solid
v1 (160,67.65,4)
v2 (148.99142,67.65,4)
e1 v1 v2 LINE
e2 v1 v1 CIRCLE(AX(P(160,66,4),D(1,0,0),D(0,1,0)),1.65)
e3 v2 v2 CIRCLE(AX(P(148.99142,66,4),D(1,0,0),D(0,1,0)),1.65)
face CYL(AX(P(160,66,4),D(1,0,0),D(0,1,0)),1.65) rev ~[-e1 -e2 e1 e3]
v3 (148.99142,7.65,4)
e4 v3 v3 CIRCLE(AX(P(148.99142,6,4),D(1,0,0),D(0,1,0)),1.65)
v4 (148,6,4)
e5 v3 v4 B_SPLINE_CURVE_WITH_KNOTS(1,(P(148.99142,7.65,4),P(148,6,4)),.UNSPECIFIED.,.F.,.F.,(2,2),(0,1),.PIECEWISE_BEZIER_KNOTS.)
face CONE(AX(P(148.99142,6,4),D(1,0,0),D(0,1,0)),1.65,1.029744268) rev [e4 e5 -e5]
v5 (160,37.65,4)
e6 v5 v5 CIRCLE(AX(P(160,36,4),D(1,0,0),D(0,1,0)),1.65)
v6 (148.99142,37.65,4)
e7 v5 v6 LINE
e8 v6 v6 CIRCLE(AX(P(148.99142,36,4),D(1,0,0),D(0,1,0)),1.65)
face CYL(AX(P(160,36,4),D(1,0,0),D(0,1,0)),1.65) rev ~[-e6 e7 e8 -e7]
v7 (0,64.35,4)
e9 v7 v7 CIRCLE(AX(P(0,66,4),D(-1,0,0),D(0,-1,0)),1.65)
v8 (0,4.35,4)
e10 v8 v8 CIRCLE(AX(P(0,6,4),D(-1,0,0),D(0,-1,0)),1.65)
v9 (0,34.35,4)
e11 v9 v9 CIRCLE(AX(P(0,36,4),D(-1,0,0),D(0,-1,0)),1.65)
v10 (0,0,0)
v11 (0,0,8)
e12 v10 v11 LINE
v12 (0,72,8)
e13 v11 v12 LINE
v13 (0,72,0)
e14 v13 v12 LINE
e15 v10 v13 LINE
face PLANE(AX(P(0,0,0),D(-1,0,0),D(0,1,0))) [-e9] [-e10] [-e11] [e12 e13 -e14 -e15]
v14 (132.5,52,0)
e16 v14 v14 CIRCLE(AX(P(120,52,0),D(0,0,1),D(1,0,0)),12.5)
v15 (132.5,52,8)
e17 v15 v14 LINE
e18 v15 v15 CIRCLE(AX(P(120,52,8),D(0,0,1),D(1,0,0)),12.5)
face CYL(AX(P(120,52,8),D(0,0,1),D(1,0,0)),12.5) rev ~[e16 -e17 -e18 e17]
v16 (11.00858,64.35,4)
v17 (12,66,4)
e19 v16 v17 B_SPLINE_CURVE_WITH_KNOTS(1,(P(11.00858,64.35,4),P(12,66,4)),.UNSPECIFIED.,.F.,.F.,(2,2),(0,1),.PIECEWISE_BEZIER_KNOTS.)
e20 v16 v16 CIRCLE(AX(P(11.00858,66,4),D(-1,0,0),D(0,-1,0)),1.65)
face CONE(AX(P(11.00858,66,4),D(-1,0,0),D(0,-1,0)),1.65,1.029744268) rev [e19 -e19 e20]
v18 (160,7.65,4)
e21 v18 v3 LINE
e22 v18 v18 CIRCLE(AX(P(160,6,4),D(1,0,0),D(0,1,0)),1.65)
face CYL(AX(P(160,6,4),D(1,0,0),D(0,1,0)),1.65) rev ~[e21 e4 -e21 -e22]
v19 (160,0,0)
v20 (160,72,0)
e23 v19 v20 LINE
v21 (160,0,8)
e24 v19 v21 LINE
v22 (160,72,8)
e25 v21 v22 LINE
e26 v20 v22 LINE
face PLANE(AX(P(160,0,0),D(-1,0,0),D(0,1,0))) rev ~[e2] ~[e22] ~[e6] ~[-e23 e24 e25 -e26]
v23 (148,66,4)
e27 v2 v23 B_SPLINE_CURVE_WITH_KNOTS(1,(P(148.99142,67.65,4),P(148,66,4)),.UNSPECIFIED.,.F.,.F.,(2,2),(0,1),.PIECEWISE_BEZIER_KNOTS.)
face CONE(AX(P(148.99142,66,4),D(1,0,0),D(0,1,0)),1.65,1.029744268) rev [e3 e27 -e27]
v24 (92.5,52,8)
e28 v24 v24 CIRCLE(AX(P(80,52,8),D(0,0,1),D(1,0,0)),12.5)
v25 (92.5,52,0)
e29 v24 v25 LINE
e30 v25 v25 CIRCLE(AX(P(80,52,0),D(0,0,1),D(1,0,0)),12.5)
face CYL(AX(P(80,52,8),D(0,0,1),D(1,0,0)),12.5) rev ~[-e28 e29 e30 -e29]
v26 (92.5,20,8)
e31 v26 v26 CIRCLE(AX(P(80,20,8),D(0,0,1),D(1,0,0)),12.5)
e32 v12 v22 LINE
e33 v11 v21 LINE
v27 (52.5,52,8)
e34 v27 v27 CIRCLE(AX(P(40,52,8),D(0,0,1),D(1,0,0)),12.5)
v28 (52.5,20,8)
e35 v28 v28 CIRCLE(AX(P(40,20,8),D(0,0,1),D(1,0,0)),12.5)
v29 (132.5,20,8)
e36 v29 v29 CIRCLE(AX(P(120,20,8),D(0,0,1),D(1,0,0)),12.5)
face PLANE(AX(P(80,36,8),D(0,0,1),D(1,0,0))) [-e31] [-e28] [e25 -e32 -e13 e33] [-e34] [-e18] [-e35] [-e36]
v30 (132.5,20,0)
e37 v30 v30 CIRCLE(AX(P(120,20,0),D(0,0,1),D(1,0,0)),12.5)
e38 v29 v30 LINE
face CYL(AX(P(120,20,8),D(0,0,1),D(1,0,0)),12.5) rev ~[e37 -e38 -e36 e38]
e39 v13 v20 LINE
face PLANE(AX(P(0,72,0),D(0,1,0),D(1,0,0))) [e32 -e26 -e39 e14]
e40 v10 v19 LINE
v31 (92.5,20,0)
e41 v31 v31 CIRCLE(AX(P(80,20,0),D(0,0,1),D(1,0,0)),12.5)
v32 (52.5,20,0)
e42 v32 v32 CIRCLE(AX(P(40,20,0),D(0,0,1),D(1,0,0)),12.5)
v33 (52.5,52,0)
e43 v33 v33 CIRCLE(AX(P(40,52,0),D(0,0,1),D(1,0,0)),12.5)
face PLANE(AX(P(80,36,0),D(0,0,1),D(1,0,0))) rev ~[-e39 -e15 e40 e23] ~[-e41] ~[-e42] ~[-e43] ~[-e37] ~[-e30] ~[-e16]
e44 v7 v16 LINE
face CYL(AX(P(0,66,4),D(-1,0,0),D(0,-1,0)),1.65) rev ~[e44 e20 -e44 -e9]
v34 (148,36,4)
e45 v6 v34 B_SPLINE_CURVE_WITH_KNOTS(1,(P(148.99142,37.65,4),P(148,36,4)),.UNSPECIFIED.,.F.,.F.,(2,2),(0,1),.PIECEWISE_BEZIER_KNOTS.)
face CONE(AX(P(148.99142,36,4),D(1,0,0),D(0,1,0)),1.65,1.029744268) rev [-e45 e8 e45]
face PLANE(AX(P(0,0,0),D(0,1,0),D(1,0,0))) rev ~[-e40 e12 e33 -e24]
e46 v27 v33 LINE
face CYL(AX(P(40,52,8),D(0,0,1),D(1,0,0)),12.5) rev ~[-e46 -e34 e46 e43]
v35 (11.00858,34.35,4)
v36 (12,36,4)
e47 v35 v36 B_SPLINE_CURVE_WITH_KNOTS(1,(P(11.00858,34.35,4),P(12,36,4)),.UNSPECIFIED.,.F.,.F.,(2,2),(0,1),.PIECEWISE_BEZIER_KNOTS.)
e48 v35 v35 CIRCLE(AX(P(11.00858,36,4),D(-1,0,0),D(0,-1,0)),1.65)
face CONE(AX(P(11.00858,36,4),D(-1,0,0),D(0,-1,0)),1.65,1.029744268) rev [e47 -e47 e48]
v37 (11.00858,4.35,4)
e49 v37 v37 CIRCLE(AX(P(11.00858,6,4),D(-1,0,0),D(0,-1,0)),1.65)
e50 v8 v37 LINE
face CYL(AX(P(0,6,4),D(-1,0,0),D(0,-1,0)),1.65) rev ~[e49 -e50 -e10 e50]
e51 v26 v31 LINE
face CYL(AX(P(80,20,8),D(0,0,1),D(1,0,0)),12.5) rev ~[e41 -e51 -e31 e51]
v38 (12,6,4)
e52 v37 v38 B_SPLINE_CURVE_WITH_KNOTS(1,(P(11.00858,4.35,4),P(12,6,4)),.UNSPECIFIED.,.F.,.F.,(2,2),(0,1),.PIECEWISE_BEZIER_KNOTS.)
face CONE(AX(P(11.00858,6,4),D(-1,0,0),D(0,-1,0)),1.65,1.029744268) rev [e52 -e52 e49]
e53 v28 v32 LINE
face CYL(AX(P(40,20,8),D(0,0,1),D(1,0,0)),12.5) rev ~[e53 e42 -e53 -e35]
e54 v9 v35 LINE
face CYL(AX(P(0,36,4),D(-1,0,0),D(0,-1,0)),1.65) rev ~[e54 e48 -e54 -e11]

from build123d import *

# Parameters (mm, degrees)
BOX_W          = 160
BOX_H          = 72
BOX_DEPTH      = 8
SKETCH_R       = 1.65
HOLE_DEPTH     = 11.00858
HOLE_TIPS_R    = 1.65
SKETCH001_R    = 1.65
HOLE001_DEPTH  = 11.00858
HOLE001_TIPS_R = 1.65
SKETCH002_R    = 12.5
HOLE002_DEPTH  = 8.001


with BuildPart() as part:
    # Box → Box (new body)
    with BuildSketch(Plane.XY):
        with Locations((80, 36)):
            Rectangle(BOX_W, BOX_H)
    extrude(amount=BOX_DEPTH)

    # Sketch (on Face1 of BaseFeature) → Hole (cut)
    with BuildSketch(Plane(origin=(0, 0, 0), x_dir=(0, -1, 0), z_dir=(-1, 0, 0))):
        with Locations((-66, 4)):
            Circle(SKETCH_R)
        with Locations((-36, 4)):
            Circle(SKETCH_R)
        with Locations((-6, 4)):
            Circle(SKETCH_R)
    extrude(amount=-HOLE_DEPTH, mode=Mode.SUBTRACT)

    # Hole tips → Hole tip 1 section 0
    with BuildSketch(Plane(origin=(11.00858, 0, 0), x_dir=(0, -1, 0), z_dir=(-1, 0, 0)), mode=Mode.PRIVATE) as hole_tip_1_s0:
        with Locations((-66, 4)):
            Circle(HOLE_TIPS_R)
    loft([hole_tip_1_s0.sketch, Vertex(12, 66, 4)], mode=Mode.SUBTRACT)

    # Hole tips → Hole tip 2 section 0
    with BuildSketch(Plane(origin=(11.00858, 0, 0), x_dir=(0, -1, 0), z_dir=(-1, 0, 0)), mode=Mode.PRIVATE) as hole_tip_2_s0:
        with Locations((-36, 4)):
            Circle(HOLE_TIPS_R)
    loft([hole_tip_2_s0.sketch, Vertex(12, 36, 4)], mode=Mode.SUBTRACT)

    # Hole tips → Hole tip 3 section 0
    with BuildSketch(Plane(origin=(11.00858, 0, 0), x_dir=(0, -1, 0), z_dir=(-1, 0, 0)), mode=Mode.PRIVATE) as hole_tip_3_s0:
        with Locations((-6, 4)):
            Circle(HOLE_TIPS_R)
    loft([hole_tip_3_s0.sketch, Vertex(12, 6, 4)], mode=Mode.SUBTRACT)

    # Sketch001 (on Face9 of Hole) → Hole001 (cut)
    with BuildSketch(Plane.YZ.offset(160)):
        with Locations((6, 4)):
            Circle(SKETCH001_R)
        with Locations((36, 4)):
            Circle(SKETCH001_R)
        with Locations((66, 4)):
            Circle(SKETCH001_R)
    extrude(amount=-HOLE001_DEPTH, mode=Mode.SUBTRACT)

    # Hole001 tips → Hole001 tip 1 section 0
    with BuildSketch(Plane.YZ.offset(148.99142), mode=Mode.PRIVATE) as hole001_tip_1_s0:
        with Locations((6, 4)):
            Circle(HOLE001_TIPS_R)
    loft([hole001_tip_1_s0.sketch, Vertex(148, 6, 4)], mode=Mode.SUBTRACT)

    # Hole001 tips → Hole001 tip 2 section 0
    with BuildSketch(Plane.YZ.offset(148.99142), mode=Mode.PRIVATE) as hole001_tip_2_s0:
        with Locations((36, 4)):
            Circle(HOLE001_TIPS_R)
    loft([hole001_tip_2_s0.sketch, Vertex(148, 36, 4)], mode=Mode.SUBTRACT)

    # Hole001 tips → Hole001 tip 3 section 0
    with BuildSketch(Plane.YZ.offset(148.99142), mode=Mode.PRIVATE) as hole001_tip_3_s0:
        with Locations((66, 4)):
            Circle(HOLE001_TIPS_R)
    loft([hole001_tip_3_s0.sketch, Vertex(148, 66, 4)], mode=Mode.SUBTRACT)

    # Sketch002 (on Face3 of Hole001) → Hole002 (cut, through all)
    with BuildSketch(Plane.XY.offset(8)):
        with Locations((40, 52)):
            Circle(SKETCH002_R)
        with Locations((40, 20)):
            Circle(SKETCH002_R)
        with Locations((120, 52)):
            Circle(SKETCH002_R)
        with Locations((120, 20)):
            Circle(SKETCH002_R)
        with Locations((80, 52)):
            Circle(SKETCH002_R)
        with Locations((80, 20)):
            Circle(SKETCH002_R)
    extrude(amount=-HOLE002_DEPTH, mode=Mode.SUBTRACT)


solid = part.part
